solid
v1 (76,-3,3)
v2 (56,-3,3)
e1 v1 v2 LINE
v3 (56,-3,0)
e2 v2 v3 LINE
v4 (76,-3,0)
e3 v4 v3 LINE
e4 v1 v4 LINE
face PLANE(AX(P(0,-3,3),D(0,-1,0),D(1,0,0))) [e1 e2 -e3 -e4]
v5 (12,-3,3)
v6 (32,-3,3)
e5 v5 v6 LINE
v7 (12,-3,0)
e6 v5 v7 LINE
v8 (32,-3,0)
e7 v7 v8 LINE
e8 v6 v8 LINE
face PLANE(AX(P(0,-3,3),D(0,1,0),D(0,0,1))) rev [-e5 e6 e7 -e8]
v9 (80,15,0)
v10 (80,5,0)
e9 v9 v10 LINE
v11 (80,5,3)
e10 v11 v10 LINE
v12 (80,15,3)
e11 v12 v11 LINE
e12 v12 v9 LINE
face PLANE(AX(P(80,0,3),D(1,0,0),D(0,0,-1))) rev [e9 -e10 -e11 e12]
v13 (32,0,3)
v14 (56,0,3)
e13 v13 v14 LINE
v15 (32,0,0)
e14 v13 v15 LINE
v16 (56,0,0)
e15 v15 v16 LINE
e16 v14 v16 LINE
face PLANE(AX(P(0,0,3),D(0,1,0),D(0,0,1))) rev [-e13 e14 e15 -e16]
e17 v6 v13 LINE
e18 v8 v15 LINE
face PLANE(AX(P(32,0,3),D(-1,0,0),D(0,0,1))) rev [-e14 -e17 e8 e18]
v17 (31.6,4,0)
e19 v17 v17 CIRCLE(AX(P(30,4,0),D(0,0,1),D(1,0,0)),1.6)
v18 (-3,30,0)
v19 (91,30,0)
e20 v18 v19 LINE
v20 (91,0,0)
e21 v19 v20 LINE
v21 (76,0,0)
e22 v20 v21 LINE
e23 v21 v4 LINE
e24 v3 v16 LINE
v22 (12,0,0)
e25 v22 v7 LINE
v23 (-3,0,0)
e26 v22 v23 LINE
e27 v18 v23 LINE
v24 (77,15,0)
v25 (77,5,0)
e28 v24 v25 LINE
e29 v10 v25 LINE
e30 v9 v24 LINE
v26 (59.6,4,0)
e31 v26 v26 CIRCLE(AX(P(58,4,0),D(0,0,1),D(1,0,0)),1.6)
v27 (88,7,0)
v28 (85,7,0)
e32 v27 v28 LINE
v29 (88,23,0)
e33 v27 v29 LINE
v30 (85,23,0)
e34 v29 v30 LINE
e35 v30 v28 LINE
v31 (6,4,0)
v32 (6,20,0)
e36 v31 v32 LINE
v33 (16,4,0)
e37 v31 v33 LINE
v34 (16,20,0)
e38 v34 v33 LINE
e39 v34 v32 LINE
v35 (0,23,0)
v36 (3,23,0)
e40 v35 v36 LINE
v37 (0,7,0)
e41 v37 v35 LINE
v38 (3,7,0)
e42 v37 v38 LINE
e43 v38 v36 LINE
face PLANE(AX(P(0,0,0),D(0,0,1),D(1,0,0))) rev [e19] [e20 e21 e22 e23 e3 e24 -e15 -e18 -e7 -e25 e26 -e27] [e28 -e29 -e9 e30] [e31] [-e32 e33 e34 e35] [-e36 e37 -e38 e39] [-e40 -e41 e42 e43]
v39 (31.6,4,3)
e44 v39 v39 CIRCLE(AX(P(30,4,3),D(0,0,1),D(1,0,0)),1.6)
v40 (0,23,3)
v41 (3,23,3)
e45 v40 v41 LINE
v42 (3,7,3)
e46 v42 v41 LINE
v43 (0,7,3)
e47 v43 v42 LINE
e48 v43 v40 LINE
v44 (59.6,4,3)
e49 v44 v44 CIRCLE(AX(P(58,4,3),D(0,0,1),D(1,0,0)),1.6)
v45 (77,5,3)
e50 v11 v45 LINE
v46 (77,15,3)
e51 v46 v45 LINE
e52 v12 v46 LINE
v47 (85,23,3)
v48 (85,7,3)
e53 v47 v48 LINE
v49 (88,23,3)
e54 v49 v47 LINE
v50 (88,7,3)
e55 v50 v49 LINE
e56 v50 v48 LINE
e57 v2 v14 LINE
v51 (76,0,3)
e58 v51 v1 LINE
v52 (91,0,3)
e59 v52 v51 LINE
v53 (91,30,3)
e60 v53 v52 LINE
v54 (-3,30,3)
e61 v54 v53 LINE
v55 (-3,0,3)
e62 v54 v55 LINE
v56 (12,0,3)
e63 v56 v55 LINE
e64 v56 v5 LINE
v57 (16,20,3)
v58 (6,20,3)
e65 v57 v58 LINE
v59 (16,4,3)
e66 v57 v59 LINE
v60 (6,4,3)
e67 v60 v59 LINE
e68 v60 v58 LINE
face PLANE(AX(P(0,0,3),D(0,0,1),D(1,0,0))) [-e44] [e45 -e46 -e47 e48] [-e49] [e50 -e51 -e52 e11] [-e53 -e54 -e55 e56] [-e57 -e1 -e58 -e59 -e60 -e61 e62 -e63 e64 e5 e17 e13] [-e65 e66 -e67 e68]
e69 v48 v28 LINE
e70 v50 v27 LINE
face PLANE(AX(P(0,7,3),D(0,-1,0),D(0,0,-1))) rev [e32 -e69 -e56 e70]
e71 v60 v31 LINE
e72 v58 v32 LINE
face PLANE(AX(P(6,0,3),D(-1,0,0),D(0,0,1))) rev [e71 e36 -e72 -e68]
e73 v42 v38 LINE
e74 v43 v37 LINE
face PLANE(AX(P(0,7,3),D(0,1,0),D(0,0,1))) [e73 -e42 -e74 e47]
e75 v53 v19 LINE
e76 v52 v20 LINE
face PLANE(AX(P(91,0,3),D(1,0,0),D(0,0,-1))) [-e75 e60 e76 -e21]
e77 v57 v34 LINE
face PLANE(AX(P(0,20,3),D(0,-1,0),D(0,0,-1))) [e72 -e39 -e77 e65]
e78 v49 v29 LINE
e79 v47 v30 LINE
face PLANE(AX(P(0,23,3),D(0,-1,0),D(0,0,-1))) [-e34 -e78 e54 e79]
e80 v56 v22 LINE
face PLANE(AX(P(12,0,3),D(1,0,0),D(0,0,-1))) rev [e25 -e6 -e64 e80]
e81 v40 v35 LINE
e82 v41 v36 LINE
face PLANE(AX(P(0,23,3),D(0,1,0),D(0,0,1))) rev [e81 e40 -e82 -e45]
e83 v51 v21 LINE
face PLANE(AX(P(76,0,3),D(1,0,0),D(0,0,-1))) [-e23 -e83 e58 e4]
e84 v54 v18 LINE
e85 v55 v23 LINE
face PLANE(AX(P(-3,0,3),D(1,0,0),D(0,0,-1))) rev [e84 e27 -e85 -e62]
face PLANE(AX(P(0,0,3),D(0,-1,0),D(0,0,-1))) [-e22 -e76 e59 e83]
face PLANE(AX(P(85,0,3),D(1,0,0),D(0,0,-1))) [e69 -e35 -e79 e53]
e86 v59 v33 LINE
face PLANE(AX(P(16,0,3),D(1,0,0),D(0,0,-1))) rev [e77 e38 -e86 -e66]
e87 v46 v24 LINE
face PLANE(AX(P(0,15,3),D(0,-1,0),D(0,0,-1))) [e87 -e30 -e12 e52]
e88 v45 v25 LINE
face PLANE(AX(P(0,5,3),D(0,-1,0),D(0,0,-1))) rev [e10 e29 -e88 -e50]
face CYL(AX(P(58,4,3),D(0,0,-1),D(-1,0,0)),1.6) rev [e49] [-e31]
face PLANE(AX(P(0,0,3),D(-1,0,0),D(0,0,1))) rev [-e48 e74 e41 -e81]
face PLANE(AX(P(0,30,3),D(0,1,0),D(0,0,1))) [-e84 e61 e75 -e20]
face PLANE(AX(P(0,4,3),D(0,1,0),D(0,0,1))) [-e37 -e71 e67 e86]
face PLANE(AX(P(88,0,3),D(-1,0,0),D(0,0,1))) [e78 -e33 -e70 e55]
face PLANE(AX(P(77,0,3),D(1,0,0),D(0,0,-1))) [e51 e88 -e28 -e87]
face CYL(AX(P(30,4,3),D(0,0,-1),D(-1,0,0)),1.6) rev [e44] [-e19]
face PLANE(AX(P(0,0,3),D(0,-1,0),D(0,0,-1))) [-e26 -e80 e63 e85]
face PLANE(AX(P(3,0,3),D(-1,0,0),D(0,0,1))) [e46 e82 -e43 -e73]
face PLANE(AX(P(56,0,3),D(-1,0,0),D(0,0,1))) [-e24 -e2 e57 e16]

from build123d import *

# Parameters (mm, degrees)
SKETCH_1_R      = 1.6
SKETCH_1_W      = 3
SKETCH_1_H      = 10
EXTRUDE_1_DEPTH = 3


with BuildPart() as part:
    # 草图1 → 凸台-拉伸1 (new body)
    with BuildSketch(Plane.XY):
        Polygon((32, 0), (44, 0), (56, 0), (56, -3), (76, -3), (76, 0), (88, 0), (91, 0), (91, 30), (88, 30), (0, 30), (-3, 30), (-3, 0), (0, 0), (12, 0), (12, -3), (32, -3), align=None)
        with Locations((30, 4)):
            Circle(SKETCH_1_R, mode=Mode.SUBTRACT)
        Polygon((6, 4), (6, 7), (6, 20), (11, 20), (16, 20), (16, 4), (11, 4), align=None, mode=Mode.SUBTRACT)
        with BuildLine():
            ThreePointArc((59.6, 4), (58, 2.4), (56.4, 4))
            ThreePointArc((56.4, 4), (58, 5.6), (59.6, 4))
        make_face(mode=Mode.SUBTRACT)
        with Locations((78.5, 10)):
            Rectangle(SKETCH_1_W, SKETCH_1_H, mode=Mode.SUBTRACT)
        Polygon((0, 15), (0, 23), (3, 23), (3, 15), (3, 7), (0, 7), align=None, mode=Mode.SUBTRACT)
        Polygon((85, 23), (88, 23), (88, 15), (88, 7), (85, 7), (85, 15), align=None, mode=Mode.SUBTRACT)
    extrude(amount=EXTRUDE_1_DEPTH)


solid = part.part
